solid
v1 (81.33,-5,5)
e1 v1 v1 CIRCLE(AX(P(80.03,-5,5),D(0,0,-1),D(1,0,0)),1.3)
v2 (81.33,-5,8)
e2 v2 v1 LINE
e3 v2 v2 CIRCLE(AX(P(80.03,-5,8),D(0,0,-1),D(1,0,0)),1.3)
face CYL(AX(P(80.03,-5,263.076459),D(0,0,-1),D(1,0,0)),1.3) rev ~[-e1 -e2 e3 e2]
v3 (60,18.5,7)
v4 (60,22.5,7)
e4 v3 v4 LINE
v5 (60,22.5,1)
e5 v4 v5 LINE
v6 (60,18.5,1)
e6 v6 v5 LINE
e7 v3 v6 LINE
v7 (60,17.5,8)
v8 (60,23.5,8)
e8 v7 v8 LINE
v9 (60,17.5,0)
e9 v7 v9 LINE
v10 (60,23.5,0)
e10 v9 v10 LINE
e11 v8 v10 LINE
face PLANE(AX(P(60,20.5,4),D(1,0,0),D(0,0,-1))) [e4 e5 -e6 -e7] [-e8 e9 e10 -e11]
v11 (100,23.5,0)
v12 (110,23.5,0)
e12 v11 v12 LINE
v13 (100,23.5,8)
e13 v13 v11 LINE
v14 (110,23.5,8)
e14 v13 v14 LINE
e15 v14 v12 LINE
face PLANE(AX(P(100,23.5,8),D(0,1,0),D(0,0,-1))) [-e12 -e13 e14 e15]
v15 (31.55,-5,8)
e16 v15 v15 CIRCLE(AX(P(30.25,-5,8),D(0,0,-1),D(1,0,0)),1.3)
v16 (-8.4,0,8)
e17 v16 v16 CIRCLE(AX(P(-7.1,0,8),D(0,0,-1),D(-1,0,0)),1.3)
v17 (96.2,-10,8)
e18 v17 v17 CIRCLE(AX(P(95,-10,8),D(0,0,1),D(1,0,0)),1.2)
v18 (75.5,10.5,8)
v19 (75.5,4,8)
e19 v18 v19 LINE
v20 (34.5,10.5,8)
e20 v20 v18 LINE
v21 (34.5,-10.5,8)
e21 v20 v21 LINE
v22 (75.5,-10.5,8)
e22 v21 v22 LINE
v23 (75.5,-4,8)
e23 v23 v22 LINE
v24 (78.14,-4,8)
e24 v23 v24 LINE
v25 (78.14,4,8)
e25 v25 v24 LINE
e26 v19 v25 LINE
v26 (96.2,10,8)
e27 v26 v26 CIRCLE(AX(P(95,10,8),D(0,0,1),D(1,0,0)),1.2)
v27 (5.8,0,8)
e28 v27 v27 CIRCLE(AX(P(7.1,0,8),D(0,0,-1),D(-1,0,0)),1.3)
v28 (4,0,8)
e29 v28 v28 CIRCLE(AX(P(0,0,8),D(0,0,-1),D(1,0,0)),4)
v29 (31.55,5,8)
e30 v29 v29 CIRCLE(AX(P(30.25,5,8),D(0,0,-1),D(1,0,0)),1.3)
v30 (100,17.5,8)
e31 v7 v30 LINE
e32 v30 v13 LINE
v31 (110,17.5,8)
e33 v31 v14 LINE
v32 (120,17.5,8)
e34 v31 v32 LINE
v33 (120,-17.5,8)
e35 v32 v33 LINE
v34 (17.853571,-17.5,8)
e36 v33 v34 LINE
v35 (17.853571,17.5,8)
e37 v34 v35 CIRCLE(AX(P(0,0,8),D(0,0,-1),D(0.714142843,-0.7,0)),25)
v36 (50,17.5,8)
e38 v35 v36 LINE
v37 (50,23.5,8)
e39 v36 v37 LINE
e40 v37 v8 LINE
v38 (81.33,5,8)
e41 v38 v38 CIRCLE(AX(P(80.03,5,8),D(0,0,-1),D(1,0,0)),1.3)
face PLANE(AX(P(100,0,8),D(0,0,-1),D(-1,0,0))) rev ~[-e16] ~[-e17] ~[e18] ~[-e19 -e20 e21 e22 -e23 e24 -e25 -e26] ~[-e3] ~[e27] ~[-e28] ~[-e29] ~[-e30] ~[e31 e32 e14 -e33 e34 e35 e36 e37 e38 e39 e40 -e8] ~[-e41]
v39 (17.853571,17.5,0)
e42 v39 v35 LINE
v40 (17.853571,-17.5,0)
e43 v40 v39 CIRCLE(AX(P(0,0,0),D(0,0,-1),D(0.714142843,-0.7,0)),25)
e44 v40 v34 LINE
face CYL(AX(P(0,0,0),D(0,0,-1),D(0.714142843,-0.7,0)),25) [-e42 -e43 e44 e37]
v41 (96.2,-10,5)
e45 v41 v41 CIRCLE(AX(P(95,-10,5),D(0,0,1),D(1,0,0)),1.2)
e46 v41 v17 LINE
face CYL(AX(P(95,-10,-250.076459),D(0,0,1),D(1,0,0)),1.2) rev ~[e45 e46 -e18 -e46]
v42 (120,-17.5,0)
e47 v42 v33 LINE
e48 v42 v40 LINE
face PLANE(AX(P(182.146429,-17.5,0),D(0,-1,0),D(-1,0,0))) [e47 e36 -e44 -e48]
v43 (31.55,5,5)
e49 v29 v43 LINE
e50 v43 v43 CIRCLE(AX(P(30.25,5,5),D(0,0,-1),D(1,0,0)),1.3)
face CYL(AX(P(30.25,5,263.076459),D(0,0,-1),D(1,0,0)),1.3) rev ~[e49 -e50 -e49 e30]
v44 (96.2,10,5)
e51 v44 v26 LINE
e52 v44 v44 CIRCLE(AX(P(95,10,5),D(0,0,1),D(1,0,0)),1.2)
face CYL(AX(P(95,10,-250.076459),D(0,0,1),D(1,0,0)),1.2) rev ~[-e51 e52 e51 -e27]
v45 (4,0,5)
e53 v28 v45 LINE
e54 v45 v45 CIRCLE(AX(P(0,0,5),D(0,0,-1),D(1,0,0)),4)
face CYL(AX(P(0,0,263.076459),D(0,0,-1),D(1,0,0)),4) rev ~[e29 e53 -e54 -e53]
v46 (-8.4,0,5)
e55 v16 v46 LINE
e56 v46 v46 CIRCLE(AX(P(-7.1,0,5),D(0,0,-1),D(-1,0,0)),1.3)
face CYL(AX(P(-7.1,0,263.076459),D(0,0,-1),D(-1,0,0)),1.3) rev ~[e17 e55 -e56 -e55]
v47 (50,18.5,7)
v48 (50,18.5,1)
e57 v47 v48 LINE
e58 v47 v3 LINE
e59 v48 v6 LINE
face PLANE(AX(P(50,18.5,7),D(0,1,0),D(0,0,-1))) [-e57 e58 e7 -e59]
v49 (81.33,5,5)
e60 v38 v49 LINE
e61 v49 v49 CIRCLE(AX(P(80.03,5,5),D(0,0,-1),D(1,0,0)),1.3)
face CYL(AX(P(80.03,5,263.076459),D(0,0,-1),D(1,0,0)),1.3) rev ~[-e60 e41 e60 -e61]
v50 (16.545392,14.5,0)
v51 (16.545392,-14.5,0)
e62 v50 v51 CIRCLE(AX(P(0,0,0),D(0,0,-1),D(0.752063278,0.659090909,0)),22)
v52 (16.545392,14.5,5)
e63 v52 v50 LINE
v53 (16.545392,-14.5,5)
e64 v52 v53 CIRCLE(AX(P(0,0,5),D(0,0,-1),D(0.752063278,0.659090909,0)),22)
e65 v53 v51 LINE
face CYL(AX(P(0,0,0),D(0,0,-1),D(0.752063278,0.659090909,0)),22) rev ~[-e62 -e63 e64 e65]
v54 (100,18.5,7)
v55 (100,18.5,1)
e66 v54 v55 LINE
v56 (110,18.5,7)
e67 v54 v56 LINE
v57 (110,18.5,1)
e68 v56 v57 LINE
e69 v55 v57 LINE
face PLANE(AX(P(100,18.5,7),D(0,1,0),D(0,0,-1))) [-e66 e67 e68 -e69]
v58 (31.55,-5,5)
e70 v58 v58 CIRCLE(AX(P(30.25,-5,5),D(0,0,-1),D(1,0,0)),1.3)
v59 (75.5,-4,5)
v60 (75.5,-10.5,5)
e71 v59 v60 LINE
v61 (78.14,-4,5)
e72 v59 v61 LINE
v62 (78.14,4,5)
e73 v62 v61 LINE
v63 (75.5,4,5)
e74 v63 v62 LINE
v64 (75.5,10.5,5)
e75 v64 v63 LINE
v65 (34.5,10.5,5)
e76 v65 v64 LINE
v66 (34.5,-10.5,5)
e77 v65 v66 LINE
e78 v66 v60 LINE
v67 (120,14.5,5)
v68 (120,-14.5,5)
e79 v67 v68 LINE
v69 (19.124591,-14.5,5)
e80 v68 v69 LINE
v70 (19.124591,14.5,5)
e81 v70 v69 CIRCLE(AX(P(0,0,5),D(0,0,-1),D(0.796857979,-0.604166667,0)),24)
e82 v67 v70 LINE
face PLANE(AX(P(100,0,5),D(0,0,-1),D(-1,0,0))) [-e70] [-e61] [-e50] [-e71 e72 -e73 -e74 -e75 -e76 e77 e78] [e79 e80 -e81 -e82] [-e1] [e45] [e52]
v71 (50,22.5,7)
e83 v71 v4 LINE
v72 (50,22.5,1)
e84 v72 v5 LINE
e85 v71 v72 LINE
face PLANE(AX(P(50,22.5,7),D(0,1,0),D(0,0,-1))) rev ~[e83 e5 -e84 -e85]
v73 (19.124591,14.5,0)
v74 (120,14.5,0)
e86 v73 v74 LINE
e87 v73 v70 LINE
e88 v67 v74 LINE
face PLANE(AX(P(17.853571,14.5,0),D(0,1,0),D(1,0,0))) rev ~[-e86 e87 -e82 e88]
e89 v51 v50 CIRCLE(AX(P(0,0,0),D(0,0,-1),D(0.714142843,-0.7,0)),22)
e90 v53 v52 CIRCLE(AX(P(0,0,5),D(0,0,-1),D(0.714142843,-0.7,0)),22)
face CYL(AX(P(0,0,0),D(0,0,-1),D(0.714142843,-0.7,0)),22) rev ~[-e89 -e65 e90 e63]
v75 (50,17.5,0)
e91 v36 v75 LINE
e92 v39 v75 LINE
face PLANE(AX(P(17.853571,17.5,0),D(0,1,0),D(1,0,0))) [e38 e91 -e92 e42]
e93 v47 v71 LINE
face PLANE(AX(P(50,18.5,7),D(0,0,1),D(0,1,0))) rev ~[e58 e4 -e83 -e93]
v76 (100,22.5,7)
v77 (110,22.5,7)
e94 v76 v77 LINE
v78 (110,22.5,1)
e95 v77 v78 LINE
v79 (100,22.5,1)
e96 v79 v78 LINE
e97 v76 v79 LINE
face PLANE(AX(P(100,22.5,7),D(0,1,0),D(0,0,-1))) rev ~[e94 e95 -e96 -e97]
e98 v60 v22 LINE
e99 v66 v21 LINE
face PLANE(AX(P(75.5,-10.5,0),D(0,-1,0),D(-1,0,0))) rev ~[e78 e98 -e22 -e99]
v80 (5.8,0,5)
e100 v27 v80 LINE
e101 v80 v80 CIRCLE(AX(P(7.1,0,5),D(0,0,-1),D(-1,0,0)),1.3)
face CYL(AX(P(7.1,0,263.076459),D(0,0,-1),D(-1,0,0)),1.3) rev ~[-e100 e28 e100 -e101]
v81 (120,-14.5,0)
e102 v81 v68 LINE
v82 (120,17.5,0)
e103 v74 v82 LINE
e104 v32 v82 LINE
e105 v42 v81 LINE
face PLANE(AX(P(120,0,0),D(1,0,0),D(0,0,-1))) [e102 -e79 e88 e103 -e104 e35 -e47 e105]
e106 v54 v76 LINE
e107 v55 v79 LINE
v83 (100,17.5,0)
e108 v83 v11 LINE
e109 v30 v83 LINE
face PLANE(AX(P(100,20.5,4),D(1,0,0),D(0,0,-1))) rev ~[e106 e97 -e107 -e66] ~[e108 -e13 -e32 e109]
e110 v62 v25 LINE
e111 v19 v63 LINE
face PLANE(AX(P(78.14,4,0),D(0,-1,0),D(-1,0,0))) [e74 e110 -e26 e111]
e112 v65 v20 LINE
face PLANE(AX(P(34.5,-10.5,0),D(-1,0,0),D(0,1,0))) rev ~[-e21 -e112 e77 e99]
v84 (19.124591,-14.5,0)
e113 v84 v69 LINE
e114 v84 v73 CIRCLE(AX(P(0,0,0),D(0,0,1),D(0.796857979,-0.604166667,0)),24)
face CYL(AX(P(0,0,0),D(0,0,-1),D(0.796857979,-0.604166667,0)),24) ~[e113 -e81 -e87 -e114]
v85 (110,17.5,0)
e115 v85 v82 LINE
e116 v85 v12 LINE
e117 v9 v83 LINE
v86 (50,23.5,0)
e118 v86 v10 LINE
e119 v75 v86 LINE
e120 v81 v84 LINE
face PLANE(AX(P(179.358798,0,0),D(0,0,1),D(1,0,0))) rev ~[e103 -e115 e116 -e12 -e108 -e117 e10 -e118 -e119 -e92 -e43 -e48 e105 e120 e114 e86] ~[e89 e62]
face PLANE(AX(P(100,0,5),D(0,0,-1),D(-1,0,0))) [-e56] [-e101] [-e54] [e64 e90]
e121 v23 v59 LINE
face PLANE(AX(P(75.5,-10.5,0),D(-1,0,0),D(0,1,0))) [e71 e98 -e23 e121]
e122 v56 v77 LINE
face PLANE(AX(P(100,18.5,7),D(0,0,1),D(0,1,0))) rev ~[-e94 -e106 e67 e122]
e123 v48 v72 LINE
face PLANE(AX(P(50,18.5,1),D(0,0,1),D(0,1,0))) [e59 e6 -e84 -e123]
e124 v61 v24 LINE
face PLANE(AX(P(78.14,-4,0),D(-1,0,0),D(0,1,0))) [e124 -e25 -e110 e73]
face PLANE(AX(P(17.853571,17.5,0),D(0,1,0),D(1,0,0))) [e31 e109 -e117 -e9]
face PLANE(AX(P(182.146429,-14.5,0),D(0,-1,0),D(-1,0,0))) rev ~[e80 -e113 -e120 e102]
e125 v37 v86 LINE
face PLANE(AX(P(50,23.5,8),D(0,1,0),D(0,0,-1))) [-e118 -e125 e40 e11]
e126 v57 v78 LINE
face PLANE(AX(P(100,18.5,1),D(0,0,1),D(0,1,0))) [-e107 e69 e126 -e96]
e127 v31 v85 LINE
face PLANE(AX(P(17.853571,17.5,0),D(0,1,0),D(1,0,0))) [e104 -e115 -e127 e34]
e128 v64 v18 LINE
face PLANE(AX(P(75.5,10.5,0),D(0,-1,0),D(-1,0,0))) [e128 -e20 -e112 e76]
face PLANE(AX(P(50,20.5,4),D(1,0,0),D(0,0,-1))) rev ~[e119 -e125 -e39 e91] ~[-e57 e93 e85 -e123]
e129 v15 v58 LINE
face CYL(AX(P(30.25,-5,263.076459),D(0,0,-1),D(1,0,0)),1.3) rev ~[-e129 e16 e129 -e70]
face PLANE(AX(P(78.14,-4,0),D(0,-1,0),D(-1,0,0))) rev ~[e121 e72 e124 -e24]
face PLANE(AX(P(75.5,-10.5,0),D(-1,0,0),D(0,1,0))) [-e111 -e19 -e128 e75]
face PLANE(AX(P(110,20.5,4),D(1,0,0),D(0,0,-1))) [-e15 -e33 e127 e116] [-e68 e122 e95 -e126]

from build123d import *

# Parameters (mm, degrees)
DODANIE_WYCI_GNI_CIE1_DEPTH = 8
OTW_R_POD_RUB_M22_D         = 2.6
SKORUPA1_T                  = -3
DODANIE_WYCI_GNI_CIE2_REACH = 228.526
OTW_R_POD_RUB_M21_D         = 2.6
WYTNIJ_WYCI_GNI_CIE1_REACH  = 228.526
SZKIC7_W                    = 41
SZKIC7_H                    = 21
OTWORY_USTALAJ_CE_8_0MM1_D  = 8
OTW_R_POD_RUB_M23_D         = 2.6
WYTNIJ_WYCI_GNI_CIE2_REACH  = 228.526
SZKIC13_W                   = 5.14
SZKIC13_H                   = 8
SZKIC18_W                   = 8
SZKIC18_H                   = 6
SZKIC18_W_2                 = 6
SZKIC18_H_2                 = 4
DODANIE_WYCI_GNI_CIE3_DEPTH = 10
SZYK_LINIOWY1_COUNT         = 2
SZYK_LINIOWY1_PITCH         = 50
OTW_R_POD_RUB_M24_D         = 2.4


with BuildPart() as part:
    # Szkic1 → Dodanie-wyciągnięcie1 (new body)
    with BuildSketch(Plane.XY):
        with BuildLine():
            Line((17.853571071, 17.5), (182.146428929, 17.5))
            ThreePointArc((182.146428929, 17.5), (225, 0), (182.146428929, -17.5))
            Line((182.146428929, -17.5), (17.853571071, -17.5))
            ThreePointArc((17.853571071, -17.5), (-25, 0), (17.853571071, 17.5))
        make_face()
    extrude(amount=DODANIE_WYCI_GNI_CIE1_DEPTH)

    # Otwór pod śrubę M22 (through all)
    with Locations(Plane(origin=(0, 0, 8), x_dir=(-1, 0, 0), z_dir=(0, 0, 1))):
        with Locations((-200, 0)):
            Hole(OTW_R_POD_RUB_M22_D / 2)

    # Skorupa1
    skorupa1_openings = [part.faces().sort_by_distance(p)[0] for p in [
        (99.943079522, 0, 0),
    ]]
    offset(amount=SKORUPA1_T, openings=skorupa1_openings, kind=Kind.INTERSECTION)

    # Szkic15 → Dodanie-wyciągnięcie2 (add, up to next)
    with BuildSketch(Plane(origin=(0, 0, 0), x_dir=(-1, 0, 0), z_dir=(0, 0, -1)), mode=Mode.PRIVATE) as dodanie_wyci_gni_cie2_sk1:
        with BuildLine():
            Line((-16.545392108, -14.5), (-19.124591499, -14.5))
            ThreePointArc((-19.124591499, -14.5), (-24, 0), (-19.124591499, 14.5))
            Line((-19.124591499, 14.5), (-16.545392108, 14.5))
            ThreePointArc((-16.545392108, 14.5), (-22, 0), (-16.545392108, -14.5))
        make_face()
    dodanie_wyci_gni_cie2_tool1 = extrude(dodanie_wyci_gni_cie2_sk1.sketch, amount=-DODANIE_WYCI_GNI_CIE2_REACH, mode=Mode.PRIVATE) - part.part
    # Szkic15 → Dodanie-wyciągnięcie2 (add, up to next)
    with BuildSketch(Plane(origin=(0, 0, 0), x_dir=(-1, 0, 0), z_dir=(0, 0, -1)), mode=Mode.PRIVATE) as dodanie_wyci_gni_cie2_sk2:
        with BuildLine():
            Line((-180.875408501, -14.5), (-183.454607892, -14.5))
            ThreePointArc((-183.454607892, -14.5), (-178, 0), (-183.454607892, 14.5))
            Line((-183.454607892, 14.5), (-180.875408501, 14.5))
            ThreePointArc((-180.875408501, 14.5), (-176, 0), (-180.875408501, -14.5))
        make_face()
    dodanie_wyci_gni_cie2_tool2 = extrude(dodanie_wyci_gni_cie2_sk2.sketch, amount=-DODANIE_WYCI_GNI_CIE2_REACH, mode=Mode.PRIVATE) - part.part
    add(dodanie_wyci_gni_cie2_tool1.solids().sort_by_distance((17.834992, 14.200572, 0))[0])
    add(dodanie_wyci_gni_cie2_tool2.solids().sort_by_distance((182.165008, -14.200572, 0))[0])

    # Otwór pod śrubę M21 (through all)
    with Locations(Plane.XY.offset(8)):
        with Locations((7.1, 0), (-7.1, 0)):
            Hole(OTW_R_POD_RUB_M21_D / 2)

    # Szkic7 → Wytnij-wyciągnięcie1 (cut, up to next)
    with BuildSketch(Plane(origin=(0, 0, 0), x_dir=(-1, 0, 0), z_dir=(0, 0, -1)), mode=Mode.PRIVATE) as wytnij_wyci_gni_cie1_sk1:
        with Locations((-55, 0)):
            Rectangle(SZKIC7_W, SZKIC7_H)
    wytnij_wyci_gni_cie1_tool1 = extrude(wytnij_wyci_gni_cie1_sk1.sketch, amount=-WYTNIJ_WYCI_GNI_CIE1_REACH, mode=Mode.PRIVATE) & part.part
    add(wytnij_wyci_gni_cie1_tool1.solids().sort_by_distance((55, 0, 0))[0], mode=Mode.SUBTRACT)

    # Otwory ustalające Ø8.0mm1 (through all)
    with Locations(Plane(origin=(0, 0, 8), x_dir=(-1, 0, 0), z_dir=(0, 0, 1))):
        with Locations((0, 0)):
            Hole(OTWORY_USTALAJ_CE_8_0MM1_D / 2)

    # Otwór pod śrubę M23 (through all)
    with Locations(Plane(origin=(0, 0, 8), x_dir=(-1, 0, 0), z_dir=(0, 0, 1))):
        with Locations((-80.03, 5), (-80.03, -5), (-30.25, -5), (-30.25, 5)):
            Hole(OTW_R_POD_RUB_M23_D / 2)

    # Szkic13 → Wytnij-wyciągnięcie2 (cut, up to next)
    with BuildSketch(Plane(origin=(0, 0, 0), x_dir=(-1, 0, 0), z_dir=(0, 0, -1)), mode=Mode.PRIVATE) as wytnij_wyci_gni_cie2_sk1:
        with Locations((-75.57, 0)):
            Rectangle(SZKIC13_W, SZKIC13_H)
    wytnij_wyci_gni_cie2_tool1 = extrude(wytnij_wyci_gni_cie2_sk1.sketch, amount=-WYTNIJ_WYCI_GNI_CIE2_REACH, mode=Mode.PRIVATE) & part.part
    add(wytnij_wyci_gni_cie2_tool1.solids().sort_by_distance((75.57, 0, 0))[0], mode=Mode.SUBTRACT)

    # Szkic18 → Dodanie-wyciągnięcie3 (add)
    with BuildSketch(Plane(origin=(50, 0, 0), x_dir=(0, 0, -1), z_dir=(1, 0, 0))):
        with Locations((-4, 20.5)):
            Rectangle(SZKIC18_W, SZKIC18_H)
        with Locations((-4, 20.5)):
            Rectangle(SZKIC18_W_2, SZKIC18_H_2, mode=Mode.SUBTRACT)
    dodanie_wyci_gni_cie3 = extrude(amount=DODANIE_WYCI_GNI_CIE3_DEPTH)

    # Szyk liniowy1: Dodanie-wyciągnięcie3 ×2
    with Locations(*[(i * SZYK_LINIOWY1_PITCH, 0, 0) for i in range(1, SZYK_LINIOWY1_COUNT)]):
        add(dodanie_wyci_gni_cie3)

    # Otwór pod śrubę M24 (through all)
    with Locations(Plane(origin=(0, 0, 5), x_dir=(-1, 0, 0), z_dir=(0, 0, -1))):
        with Locations((-145, -10), (-145, 10), (-95, 10), (-95, -10)):
            Hole(OTW_R_POD_RUB_M24_D / 2)

    # Cięcie powierzchnią1
    split(bisect_by=Plane(origin=(120, 0, 0), x_dir=(0, 0, -1), z_dir=(1, 0, 0)), keep=Keep.BOTTOM)


solid = part.part
